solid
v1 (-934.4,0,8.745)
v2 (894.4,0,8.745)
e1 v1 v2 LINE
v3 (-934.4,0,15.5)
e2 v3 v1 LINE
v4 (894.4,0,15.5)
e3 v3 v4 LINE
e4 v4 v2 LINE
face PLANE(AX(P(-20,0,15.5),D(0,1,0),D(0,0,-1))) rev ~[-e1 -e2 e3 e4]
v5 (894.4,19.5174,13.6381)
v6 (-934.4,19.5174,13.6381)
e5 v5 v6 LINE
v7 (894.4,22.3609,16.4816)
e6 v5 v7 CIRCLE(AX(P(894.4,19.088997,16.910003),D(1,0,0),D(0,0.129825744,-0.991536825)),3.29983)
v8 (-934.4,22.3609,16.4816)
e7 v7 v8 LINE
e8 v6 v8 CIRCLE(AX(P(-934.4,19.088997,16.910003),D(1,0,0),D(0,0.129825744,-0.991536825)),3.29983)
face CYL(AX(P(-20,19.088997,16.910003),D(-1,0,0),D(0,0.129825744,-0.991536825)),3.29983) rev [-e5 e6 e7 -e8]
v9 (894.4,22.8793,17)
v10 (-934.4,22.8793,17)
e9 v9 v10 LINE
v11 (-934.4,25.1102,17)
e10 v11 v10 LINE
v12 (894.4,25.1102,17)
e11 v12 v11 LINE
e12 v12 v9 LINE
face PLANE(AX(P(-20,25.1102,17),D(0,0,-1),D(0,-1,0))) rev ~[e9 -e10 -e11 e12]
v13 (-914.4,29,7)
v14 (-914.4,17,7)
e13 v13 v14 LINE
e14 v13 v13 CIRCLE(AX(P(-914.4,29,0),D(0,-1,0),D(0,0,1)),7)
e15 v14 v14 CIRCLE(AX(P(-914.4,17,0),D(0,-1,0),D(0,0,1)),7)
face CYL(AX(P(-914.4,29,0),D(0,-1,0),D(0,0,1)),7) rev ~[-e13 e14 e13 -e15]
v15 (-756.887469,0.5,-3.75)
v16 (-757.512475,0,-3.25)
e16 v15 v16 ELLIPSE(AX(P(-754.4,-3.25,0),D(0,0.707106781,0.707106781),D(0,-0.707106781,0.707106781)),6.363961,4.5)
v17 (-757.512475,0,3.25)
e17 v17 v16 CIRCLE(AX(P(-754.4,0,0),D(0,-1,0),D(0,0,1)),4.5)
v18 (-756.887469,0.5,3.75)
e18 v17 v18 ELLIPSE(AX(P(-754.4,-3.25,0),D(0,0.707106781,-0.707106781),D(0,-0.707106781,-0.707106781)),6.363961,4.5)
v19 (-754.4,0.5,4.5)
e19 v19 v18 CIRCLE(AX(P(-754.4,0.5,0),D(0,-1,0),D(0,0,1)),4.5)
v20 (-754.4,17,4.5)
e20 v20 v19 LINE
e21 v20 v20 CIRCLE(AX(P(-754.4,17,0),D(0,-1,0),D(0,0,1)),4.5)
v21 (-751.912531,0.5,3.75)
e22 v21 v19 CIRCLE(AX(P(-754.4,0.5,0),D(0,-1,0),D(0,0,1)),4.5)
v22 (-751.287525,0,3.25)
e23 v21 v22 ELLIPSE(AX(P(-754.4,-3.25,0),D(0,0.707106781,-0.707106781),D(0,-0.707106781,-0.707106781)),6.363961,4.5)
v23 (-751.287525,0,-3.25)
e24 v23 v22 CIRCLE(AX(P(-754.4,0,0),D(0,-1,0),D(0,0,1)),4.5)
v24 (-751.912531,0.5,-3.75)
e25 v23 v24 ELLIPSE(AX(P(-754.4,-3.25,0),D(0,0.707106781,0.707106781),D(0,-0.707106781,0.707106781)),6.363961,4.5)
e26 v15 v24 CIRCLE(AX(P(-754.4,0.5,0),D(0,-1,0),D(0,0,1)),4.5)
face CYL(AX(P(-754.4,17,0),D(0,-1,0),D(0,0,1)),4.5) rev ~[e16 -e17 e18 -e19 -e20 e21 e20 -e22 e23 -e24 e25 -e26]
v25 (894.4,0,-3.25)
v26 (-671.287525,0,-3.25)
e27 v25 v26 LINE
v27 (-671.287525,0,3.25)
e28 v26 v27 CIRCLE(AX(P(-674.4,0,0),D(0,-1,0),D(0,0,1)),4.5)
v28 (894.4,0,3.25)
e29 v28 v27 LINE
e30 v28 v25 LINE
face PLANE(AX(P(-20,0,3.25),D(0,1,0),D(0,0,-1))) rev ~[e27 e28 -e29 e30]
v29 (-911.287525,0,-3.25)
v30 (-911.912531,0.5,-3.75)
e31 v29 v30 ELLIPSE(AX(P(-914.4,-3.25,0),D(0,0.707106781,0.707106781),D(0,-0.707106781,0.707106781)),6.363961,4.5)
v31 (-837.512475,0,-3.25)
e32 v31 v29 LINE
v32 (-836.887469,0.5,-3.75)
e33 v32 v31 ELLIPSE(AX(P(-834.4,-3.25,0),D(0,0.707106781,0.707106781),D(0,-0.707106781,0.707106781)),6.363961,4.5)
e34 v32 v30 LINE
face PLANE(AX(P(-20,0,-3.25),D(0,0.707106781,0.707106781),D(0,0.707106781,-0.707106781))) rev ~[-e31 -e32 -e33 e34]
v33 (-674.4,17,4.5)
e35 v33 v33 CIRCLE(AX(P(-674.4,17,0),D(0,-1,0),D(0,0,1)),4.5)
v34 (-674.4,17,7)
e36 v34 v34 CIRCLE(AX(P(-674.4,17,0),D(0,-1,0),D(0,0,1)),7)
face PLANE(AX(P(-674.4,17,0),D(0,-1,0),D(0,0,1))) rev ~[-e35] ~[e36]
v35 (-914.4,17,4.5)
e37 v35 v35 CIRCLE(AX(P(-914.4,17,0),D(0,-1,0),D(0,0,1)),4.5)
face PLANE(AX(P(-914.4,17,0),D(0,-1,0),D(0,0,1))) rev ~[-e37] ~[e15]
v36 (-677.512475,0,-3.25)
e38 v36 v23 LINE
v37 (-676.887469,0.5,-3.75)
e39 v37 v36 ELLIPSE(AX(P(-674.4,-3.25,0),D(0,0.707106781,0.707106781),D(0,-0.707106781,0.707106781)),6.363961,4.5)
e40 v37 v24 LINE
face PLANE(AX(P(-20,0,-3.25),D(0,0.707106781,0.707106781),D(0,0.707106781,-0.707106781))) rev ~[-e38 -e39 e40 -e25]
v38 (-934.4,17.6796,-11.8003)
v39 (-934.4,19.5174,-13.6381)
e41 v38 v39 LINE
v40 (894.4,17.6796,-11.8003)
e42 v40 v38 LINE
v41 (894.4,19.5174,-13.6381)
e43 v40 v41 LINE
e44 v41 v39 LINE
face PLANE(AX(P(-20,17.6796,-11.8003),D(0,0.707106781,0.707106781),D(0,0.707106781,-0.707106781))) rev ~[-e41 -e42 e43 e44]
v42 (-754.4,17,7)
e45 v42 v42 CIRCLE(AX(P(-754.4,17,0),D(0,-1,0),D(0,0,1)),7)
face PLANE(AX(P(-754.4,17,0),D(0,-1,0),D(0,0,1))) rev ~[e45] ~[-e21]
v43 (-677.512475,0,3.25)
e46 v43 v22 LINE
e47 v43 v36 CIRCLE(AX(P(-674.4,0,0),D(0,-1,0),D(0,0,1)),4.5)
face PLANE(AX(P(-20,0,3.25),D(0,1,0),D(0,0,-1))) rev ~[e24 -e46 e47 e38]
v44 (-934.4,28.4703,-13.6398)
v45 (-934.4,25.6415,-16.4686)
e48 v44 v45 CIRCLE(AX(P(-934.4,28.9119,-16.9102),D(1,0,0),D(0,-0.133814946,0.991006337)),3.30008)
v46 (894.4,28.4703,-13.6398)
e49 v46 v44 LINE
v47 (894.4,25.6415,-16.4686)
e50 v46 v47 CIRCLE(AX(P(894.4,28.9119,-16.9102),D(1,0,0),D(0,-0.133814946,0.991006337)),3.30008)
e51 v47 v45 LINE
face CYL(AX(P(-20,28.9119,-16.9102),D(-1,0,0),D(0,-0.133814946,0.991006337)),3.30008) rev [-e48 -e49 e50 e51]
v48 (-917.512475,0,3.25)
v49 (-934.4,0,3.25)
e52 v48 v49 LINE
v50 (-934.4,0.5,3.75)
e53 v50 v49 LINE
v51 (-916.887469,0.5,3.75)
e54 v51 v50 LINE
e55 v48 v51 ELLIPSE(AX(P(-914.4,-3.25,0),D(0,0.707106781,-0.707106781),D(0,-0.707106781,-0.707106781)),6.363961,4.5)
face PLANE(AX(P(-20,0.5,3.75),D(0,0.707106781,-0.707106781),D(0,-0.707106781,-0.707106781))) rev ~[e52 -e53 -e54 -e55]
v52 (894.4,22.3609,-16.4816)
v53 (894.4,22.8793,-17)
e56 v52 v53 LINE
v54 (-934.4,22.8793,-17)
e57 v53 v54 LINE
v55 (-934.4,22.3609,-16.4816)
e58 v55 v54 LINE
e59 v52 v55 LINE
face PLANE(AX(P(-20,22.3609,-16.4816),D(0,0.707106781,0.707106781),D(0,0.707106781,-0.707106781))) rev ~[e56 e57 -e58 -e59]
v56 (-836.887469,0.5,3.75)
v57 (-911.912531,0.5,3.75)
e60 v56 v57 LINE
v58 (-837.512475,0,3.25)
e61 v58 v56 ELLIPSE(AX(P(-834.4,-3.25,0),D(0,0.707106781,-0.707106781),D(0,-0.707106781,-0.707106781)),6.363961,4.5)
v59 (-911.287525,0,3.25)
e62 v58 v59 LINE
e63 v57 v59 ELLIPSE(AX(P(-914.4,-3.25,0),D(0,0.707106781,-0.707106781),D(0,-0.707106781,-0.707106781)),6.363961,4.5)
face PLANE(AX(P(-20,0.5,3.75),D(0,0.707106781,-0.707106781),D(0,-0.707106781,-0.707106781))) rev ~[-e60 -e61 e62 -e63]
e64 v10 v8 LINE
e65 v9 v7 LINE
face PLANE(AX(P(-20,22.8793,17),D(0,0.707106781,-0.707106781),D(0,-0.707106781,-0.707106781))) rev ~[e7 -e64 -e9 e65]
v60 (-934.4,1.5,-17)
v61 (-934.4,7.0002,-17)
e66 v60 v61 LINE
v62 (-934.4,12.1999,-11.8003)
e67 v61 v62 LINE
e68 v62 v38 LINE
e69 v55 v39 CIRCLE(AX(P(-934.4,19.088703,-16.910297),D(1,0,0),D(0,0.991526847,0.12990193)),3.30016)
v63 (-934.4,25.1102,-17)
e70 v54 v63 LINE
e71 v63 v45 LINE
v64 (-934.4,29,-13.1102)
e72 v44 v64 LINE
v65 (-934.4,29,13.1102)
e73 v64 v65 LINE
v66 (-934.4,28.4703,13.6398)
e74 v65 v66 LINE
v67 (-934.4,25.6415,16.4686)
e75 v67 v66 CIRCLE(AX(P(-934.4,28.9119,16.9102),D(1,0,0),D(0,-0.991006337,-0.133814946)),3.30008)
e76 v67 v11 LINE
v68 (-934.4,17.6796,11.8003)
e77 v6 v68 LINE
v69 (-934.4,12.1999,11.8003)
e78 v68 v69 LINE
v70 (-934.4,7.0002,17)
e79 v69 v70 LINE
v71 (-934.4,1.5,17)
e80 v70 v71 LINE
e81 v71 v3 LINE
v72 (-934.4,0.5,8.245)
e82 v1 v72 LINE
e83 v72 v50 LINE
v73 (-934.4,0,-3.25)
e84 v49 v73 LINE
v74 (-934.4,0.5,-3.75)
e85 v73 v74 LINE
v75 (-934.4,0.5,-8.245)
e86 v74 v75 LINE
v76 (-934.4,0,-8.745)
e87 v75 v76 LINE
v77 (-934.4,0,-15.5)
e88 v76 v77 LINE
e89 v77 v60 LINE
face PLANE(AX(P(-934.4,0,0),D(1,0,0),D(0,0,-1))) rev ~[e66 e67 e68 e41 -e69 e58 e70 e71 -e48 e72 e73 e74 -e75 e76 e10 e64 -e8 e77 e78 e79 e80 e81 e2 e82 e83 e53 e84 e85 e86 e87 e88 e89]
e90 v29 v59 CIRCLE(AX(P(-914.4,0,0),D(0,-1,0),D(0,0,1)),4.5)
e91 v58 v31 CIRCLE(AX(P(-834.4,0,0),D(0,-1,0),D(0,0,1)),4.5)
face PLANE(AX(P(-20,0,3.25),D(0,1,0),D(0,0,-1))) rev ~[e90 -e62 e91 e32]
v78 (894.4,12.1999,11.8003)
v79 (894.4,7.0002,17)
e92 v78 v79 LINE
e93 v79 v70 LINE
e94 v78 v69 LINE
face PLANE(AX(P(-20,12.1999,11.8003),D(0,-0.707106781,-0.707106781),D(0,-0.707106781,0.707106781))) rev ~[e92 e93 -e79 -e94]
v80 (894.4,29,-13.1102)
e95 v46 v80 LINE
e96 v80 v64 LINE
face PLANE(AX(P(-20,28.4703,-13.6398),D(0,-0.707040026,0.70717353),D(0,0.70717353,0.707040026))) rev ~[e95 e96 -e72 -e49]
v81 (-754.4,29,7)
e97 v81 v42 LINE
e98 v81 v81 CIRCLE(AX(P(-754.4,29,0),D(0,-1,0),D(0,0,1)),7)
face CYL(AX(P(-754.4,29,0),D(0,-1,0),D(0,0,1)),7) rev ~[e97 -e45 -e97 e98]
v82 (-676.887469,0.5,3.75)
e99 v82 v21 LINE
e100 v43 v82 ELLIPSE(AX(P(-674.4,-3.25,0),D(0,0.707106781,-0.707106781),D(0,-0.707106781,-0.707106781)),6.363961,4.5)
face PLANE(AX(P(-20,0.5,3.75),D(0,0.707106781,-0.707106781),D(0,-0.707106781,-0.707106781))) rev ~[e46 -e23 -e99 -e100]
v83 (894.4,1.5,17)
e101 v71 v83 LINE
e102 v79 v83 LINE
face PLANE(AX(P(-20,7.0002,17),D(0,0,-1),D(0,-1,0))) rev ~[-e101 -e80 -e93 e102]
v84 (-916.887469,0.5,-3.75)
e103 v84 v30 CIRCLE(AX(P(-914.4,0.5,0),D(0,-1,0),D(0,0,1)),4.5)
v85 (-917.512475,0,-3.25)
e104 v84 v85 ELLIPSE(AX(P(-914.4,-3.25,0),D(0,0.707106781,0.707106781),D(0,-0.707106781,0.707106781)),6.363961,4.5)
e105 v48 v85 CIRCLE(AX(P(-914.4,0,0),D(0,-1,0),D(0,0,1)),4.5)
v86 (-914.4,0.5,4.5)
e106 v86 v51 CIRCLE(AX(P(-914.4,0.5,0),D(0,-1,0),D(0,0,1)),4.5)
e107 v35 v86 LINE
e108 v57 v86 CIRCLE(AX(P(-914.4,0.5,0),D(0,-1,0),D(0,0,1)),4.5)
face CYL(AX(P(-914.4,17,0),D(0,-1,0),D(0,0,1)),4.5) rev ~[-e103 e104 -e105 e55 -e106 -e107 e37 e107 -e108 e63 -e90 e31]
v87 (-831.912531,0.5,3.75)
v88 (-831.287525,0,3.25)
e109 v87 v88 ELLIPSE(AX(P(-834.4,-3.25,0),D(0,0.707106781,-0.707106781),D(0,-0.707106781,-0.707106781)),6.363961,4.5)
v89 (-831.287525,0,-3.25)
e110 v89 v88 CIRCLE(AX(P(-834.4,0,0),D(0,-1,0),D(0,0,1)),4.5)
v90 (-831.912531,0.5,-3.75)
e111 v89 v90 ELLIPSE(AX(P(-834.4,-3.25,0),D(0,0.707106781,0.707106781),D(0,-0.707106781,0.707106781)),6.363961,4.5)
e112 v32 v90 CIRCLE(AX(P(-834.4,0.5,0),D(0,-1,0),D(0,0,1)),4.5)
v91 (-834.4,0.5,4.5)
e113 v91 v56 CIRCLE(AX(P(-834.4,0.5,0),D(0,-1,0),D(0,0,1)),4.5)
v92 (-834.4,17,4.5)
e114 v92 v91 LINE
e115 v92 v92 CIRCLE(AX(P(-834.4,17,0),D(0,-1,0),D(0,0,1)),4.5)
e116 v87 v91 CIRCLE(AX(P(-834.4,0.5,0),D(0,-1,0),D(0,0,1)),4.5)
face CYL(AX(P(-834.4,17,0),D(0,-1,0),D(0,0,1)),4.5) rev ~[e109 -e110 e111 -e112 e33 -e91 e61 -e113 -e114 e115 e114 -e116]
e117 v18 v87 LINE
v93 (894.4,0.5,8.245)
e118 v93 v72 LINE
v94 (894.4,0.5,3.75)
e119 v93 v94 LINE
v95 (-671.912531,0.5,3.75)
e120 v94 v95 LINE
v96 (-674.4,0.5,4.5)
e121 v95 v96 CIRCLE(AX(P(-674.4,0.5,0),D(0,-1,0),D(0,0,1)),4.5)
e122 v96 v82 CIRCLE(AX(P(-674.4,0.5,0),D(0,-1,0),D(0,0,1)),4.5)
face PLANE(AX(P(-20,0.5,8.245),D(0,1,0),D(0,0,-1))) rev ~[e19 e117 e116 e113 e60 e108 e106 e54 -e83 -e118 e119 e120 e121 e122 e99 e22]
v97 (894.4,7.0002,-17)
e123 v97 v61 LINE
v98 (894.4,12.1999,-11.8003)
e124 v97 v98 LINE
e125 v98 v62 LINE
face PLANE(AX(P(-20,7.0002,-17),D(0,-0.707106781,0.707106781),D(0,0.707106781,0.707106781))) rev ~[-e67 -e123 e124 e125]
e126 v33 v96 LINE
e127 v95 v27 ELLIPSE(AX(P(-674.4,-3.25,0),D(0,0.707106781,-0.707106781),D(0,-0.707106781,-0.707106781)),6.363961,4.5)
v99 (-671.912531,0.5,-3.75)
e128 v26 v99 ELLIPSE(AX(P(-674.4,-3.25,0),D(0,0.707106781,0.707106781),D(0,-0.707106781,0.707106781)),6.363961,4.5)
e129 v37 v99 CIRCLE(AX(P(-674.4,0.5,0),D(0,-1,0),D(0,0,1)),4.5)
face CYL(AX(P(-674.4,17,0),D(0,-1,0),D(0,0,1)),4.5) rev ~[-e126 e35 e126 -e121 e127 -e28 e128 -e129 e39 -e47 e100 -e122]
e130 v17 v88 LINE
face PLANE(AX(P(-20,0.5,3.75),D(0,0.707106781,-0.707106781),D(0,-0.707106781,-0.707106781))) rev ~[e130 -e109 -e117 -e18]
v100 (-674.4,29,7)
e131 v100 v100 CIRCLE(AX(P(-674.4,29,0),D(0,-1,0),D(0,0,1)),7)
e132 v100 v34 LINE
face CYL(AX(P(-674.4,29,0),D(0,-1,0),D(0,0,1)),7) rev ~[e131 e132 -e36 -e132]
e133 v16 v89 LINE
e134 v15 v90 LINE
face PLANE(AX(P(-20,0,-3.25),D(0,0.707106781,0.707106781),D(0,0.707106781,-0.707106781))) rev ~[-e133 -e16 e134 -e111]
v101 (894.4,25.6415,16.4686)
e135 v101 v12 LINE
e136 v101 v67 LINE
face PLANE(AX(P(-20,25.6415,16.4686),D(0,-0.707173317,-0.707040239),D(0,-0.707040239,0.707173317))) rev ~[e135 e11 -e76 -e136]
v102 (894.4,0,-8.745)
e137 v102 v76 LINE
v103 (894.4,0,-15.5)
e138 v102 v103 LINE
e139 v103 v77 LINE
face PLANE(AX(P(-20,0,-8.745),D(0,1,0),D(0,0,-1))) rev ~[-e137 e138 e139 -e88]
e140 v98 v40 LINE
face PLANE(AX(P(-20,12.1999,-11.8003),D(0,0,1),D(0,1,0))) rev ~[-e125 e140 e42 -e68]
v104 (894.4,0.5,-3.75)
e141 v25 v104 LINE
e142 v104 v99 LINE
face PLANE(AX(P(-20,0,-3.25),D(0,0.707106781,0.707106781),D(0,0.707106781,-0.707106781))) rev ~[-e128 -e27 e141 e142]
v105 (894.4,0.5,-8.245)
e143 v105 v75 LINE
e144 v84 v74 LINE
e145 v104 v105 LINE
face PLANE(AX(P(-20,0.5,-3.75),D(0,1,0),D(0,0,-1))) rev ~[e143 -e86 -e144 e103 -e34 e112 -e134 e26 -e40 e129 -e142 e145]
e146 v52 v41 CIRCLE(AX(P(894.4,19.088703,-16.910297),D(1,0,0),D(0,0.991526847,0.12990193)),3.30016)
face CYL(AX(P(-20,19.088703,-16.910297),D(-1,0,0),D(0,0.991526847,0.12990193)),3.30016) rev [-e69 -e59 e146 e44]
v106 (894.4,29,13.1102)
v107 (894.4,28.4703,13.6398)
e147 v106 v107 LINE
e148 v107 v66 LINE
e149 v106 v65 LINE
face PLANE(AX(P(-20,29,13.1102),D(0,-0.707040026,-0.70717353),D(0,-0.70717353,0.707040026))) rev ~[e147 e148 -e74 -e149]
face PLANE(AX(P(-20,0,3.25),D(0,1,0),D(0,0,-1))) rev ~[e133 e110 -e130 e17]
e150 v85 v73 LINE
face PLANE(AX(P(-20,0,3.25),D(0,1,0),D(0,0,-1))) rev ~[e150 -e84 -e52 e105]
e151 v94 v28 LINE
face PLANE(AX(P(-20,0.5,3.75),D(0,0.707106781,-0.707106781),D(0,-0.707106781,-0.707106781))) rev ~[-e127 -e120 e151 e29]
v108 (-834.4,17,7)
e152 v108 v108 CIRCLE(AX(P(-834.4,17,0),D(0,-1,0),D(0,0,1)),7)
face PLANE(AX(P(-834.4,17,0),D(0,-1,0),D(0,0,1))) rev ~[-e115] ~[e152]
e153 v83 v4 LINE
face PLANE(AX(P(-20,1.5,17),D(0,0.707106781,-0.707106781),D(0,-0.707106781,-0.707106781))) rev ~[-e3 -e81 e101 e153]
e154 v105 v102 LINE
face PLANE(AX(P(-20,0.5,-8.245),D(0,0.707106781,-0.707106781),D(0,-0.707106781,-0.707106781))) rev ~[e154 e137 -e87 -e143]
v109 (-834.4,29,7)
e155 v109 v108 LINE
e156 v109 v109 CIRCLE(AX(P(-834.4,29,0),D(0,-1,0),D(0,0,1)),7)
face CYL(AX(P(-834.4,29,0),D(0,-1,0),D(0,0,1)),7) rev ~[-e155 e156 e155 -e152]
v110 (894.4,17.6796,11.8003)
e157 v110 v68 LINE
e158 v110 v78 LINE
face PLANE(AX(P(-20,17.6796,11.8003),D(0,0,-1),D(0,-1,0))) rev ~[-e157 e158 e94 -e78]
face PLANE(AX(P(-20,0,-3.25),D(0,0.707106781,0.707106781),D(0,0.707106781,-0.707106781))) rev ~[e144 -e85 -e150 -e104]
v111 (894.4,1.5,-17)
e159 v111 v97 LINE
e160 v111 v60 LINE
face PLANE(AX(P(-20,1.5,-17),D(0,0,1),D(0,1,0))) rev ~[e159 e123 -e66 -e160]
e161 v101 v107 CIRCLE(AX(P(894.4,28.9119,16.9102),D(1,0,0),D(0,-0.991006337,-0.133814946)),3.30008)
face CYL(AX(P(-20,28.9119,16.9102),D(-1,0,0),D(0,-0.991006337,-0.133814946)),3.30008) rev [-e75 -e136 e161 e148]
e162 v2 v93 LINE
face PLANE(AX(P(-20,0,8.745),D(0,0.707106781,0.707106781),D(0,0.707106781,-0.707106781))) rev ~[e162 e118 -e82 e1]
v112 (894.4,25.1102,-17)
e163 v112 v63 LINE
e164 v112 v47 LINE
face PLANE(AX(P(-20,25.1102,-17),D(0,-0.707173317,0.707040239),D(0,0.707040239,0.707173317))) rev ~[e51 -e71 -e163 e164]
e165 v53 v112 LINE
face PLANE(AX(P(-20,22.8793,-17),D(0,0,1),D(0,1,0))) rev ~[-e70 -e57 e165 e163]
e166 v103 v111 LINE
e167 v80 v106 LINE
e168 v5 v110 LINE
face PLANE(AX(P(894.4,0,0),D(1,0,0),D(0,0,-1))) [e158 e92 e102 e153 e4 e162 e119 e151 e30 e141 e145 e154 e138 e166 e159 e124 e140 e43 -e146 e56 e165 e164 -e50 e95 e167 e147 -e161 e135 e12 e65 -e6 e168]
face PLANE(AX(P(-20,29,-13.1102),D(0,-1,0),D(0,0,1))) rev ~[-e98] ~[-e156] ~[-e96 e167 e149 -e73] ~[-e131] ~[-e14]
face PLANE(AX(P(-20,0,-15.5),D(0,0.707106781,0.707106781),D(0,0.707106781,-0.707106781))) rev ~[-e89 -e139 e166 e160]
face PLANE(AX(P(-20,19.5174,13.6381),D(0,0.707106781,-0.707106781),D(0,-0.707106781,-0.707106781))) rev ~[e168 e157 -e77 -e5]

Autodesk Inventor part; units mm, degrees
sketch "Sketch_18" plane through (-20, 0, 0) normal (1, 0, 0) x (0, 0, -1)
  line L0 (-17, 1.5) -> (-15.5, 0)
  line L1 (-15.5, 0) -> (-8.745, 0)
  line L2 (-8.745, 0) -> (-8.245, 0.5)
  line L3 (-8.245, 0.5) -> (-3.75, 0.5)
  line L4 (-3.75, 0.5) -> (-3.25, 0)
  line L5 (-3.25, 0) -> (3.25, 0)
  line L6 (3.25, 0) -> (3.75, 0.5)
  line L7 (3.75, 0.5) -> (8.245, 0.5)
  line L8 (8.245, 0.5) -> (8.745, 0)
  line L9 (8.745, 0) -> (15.5, 0)
  line L10 (15.5, 0) -> (17, 1.5)
  line L11 (17, 1.5) -> (17, 7.0002)
  line L12 (17, 7.0002) -> (11.8003, 12.1999)
  line L13 (11.8003, 12.1999) -> (11.8003, 17.6796)
  line L14 (11.8003, 17.6796) -> (13.6381, 19.5174)
  arc A0 (16.4816, 22.3609) -> (13.6381, 19.5174) centre (16.9102, 19.0889) ccw
  line L15 (16.4816, 22.3609) -> (17, 22.8793)
  line L16 (17, 22.8793) -> (17, 25.1102)
  line L17 (17, 25.1102) -> (16.4686, 25.6415)
  arc A1 (13.6398, 28.4703) -> (16.4686, 25.6415) centre (16.9102, 28.9119) ccw
  line L18 (13.6398, 28.4703) -> (13.1102, 29)
  line L19 (13.1102, 29) -> (-13.1102, 29)
  line L20 (-13.1102, 29) -> (-13.6398, 28.4703)
  arc A2 (-16.4686, 25.6415) -> (-13.6398, 28.4703) centre (-16.9102, 28.9119) ccw
  line L21 (-16.4686, 25.6415) -> (-17, 25.1102)
  line L22 (-17, 25.1102) -> (-17, 22.8793)
  line L23 (-17, 22.8793) -> (-16.4816, 22.3609)
  arc A3 (-13.6381, 19.5174) -> (-16.4816, 22.3609) centre (-16.9102, 19.0889) ccw
  line L24 (-13.6381, 19.5174) -> (-11.8003, 17.6796)
  line L25 (-11.8003, 17.6796) -> (-11.8003, 12.1999)
  line L26 (-11.8003, 12.1999) -> (-17, 7.0002)
  line L27 (-17, 7.0002) -> (-17, 1.5)
extrude "Extrusion1" add sketch "Sketch_18" along normal mid plane 1828.8
sketch "Sketch2" plane through (-934.4, 29, 13.1102) normal (0, 1, 0) x (1, 0, 0)
  point P0 (20, 13.1102)
hole "Hole1" at (-914.4, 29, 0) direction (0, -1, 0) diameter 9 depth 29 counterbore diameter 14 counterbore depth 12
pattern_linear "Rectangular Pattern1" count 4 spacing 80 along (1, 0, 0) of "Hole1"
ref_plane "4dummy_XY" through (0, 0, 0) normal (1, 0, 0) x (0, 0, -1)
ref_plane "4dummy_YZ" through (0, 0, 0) normal (0, 0, -1) x (0, 1, 0)
ref_plane "4dummy_ZX" through (0, 0, 0) normal (0, 1, 0) x (1, 0, 0)
ref_plane "4slide_XY" through (-20, 7.5, 0) normal (1, 0, 0) x (0, 0, -1)
ref_plane "4slide_YZ" through (-20, 7.5, 0) normal (0, 0, -1) x (0, 1, 0)
ref_plane "4slide_ZX" through (-20, 7.5, 0) normal (0, 1, 0) x (1, 0, 0)
ref_plane "4track_XY" through (0, 0, 0) normal (0, 0, 1) x (1, 0, 0)
ref_plane "4track_YZ" through (0, 0, 0) normal (1, 0, 0) x (0, 1, 0)
ref_plane "4track_ZX" through (0, 0, 0) normal (0, 1, 0) x (0, 0, 1)
properties part number "HSR35R128020 Rail"
